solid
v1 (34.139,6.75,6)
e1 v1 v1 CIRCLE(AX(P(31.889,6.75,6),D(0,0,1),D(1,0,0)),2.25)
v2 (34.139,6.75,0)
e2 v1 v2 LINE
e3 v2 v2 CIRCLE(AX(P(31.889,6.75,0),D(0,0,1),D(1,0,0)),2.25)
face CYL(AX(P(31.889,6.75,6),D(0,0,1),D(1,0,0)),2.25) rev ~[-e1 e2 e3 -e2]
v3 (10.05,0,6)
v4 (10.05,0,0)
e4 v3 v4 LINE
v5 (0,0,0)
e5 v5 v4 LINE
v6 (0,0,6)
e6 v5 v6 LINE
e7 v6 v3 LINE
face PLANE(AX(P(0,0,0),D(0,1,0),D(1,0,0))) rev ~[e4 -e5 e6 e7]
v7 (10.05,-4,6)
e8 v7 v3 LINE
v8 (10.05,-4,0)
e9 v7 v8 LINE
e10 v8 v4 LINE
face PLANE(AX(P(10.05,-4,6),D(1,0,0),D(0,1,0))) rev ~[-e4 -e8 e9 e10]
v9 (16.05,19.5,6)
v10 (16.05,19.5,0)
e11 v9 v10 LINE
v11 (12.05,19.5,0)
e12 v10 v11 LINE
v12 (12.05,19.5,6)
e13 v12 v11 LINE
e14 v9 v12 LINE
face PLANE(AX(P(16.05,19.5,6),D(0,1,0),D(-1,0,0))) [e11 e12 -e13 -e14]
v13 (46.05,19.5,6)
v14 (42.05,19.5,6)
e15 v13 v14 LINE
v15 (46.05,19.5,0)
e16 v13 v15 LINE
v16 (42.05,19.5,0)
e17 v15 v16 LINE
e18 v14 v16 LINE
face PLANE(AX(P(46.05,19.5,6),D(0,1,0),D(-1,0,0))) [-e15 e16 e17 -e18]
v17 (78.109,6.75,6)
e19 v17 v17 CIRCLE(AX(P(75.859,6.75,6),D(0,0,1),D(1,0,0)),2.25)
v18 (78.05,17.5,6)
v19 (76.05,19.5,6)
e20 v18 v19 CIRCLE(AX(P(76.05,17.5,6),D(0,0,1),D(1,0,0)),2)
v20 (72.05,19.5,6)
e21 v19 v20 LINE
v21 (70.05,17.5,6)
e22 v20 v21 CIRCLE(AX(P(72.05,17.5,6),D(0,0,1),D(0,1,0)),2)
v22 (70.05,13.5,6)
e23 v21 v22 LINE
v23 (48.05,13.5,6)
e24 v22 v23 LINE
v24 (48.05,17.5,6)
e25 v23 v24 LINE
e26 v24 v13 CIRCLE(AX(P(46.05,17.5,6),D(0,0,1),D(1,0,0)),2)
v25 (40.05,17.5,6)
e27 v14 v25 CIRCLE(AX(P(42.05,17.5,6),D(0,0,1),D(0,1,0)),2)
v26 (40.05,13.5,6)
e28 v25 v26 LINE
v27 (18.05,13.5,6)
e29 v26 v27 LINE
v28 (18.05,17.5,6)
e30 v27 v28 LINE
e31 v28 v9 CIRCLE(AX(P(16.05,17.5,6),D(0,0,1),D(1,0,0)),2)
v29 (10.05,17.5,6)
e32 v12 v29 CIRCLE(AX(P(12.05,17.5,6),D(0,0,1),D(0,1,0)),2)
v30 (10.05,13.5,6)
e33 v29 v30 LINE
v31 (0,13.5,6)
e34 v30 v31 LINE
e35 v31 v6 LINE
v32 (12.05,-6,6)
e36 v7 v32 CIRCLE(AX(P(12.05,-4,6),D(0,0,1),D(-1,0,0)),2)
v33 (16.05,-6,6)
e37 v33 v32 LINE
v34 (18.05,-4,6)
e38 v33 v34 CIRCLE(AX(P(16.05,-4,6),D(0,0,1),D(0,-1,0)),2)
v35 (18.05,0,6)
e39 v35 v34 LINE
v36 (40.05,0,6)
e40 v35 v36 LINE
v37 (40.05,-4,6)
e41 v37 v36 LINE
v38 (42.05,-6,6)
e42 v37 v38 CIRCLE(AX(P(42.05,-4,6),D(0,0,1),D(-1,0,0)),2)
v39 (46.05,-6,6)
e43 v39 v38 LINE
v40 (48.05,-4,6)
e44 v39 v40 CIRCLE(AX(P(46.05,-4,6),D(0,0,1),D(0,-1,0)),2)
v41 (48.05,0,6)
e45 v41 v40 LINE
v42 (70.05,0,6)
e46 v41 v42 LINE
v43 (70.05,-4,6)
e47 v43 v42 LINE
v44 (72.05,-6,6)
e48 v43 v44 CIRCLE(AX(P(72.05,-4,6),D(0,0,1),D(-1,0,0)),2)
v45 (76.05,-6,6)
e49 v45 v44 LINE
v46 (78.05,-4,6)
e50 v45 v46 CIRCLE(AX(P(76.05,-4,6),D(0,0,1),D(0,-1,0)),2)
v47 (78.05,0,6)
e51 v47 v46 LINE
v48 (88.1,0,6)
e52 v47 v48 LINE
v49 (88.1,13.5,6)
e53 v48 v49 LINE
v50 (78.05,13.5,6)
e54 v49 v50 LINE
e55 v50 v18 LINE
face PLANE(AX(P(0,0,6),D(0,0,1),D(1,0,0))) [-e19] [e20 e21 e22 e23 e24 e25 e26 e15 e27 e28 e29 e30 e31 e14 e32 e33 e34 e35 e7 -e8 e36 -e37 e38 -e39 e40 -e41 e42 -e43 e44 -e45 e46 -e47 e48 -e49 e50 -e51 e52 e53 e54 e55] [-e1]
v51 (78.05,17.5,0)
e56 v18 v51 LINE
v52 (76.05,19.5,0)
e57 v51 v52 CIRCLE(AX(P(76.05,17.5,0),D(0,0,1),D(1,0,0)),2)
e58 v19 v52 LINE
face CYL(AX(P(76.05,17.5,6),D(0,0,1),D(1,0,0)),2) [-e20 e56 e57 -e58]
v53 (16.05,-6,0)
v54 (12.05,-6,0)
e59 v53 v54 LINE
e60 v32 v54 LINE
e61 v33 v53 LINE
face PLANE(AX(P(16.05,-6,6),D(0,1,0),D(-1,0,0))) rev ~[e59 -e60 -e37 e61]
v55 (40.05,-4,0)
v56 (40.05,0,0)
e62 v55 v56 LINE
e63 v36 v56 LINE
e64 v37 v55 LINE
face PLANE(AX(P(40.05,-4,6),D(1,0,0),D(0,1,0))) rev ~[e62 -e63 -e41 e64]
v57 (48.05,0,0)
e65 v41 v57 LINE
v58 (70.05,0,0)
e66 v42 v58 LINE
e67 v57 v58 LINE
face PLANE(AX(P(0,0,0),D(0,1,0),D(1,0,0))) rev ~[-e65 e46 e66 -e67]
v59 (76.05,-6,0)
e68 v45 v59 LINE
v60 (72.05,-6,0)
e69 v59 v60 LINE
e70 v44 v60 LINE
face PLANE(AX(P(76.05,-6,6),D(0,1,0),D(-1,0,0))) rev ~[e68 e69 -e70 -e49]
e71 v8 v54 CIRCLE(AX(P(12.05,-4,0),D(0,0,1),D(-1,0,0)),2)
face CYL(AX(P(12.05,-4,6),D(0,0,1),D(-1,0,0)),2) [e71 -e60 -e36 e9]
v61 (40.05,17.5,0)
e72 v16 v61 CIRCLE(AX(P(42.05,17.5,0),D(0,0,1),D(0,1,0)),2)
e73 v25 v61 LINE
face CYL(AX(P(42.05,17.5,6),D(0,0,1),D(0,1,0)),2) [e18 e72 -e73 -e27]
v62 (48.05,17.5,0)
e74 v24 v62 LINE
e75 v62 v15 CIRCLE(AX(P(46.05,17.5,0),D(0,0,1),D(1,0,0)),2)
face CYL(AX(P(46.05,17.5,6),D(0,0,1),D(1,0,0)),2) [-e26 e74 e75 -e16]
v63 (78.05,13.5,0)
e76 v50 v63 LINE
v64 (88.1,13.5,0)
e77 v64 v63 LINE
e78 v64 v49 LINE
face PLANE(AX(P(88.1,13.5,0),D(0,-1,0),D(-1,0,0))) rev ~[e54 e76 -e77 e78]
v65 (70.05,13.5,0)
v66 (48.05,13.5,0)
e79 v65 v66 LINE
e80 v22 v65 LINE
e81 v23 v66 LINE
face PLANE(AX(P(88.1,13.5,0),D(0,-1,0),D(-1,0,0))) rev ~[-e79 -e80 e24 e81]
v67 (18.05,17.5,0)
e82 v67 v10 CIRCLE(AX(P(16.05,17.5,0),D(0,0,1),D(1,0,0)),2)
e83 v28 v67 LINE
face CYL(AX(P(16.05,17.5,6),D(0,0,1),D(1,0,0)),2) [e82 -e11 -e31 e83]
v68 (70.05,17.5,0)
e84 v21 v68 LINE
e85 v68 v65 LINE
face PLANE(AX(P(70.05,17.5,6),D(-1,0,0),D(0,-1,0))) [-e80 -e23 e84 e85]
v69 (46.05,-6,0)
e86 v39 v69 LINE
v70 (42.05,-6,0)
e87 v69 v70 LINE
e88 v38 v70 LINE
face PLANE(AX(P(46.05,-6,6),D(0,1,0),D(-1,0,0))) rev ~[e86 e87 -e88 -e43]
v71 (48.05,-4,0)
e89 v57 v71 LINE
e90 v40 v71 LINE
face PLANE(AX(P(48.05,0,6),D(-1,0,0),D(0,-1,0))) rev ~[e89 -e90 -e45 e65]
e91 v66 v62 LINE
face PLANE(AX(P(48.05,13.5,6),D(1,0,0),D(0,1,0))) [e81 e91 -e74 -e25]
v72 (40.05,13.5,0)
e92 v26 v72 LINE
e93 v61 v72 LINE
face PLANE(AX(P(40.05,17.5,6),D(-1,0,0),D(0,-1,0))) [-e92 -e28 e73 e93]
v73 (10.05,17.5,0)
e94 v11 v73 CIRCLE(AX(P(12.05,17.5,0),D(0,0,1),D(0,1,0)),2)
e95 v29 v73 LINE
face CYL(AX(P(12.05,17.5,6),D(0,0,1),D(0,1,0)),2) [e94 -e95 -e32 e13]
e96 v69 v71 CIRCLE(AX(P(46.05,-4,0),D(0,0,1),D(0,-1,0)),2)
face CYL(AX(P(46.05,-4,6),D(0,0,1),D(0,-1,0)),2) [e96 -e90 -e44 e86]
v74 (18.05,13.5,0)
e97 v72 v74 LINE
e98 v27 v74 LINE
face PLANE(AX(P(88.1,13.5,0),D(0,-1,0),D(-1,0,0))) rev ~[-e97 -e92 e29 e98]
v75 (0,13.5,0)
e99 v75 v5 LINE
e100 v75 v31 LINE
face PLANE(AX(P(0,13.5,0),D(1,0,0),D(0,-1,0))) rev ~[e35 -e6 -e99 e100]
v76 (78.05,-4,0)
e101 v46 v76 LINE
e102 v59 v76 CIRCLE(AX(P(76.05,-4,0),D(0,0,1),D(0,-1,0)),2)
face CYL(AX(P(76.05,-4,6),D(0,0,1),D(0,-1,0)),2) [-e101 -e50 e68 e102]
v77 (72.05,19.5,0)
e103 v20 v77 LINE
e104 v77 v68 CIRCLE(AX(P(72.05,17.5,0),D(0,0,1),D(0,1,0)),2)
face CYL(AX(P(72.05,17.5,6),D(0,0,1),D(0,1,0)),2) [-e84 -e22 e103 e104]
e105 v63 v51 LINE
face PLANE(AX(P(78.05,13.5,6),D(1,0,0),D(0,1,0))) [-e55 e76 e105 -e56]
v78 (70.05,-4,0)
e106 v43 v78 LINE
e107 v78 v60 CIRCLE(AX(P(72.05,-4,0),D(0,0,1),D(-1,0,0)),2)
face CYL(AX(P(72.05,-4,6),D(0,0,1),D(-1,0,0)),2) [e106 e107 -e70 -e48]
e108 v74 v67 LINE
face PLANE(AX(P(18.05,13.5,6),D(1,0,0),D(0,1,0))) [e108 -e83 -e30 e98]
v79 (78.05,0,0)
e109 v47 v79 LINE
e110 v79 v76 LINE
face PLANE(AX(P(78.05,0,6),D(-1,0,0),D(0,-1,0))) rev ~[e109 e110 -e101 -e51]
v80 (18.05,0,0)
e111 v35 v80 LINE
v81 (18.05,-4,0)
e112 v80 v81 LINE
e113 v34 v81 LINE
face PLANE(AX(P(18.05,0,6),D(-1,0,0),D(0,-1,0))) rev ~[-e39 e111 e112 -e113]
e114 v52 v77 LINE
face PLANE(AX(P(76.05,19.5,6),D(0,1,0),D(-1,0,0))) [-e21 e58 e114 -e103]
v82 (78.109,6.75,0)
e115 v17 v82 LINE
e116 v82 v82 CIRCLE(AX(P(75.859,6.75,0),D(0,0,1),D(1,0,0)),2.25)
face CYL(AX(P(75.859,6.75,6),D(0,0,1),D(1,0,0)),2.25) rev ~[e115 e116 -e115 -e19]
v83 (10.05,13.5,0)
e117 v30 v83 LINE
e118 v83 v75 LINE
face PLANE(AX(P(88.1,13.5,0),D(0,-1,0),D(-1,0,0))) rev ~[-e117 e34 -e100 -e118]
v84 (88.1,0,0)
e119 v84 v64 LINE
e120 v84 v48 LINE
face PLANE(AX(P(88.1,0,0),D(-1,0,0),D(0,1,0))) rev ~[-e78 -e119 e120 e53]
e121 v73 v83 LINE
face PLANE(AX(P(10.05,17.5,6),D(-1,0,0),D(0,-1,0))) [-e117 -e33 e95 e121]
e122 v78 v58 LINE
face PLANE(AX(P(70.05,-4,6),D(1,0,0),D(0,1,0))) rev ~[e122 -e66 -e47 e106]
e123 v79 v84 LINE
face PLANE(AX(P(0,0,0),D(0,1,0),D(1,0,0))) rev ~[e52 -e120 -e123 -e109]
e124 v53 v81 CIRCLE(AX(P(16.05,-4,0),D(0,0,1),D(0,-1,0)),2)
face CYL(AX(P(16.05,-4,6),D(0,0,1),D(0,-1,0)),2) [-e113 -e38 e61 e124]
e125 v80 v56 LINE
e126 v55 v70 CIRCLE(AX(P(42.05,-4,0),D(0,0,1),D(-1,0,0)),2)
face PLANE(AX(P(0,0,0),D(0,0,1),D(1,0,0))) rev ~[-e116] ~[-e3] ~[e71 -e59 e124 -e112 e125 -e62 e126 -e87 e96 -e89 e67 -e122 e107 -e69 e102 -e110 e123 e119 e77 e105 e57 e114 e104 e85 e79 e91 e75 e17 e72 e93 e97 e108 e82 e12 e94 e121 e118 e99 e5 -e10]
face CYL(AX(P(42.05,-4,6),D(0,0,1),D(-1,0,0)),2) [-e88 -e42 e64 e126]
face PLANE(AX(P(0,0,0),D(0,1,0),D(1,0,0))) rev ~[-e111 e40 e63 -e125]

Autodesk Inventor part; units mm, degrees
ref_plane "YZ Plane" through (0, 0, 0) normal (1, 0, 0) x (0, 1, 0)
ref_plane "XZ Plane" through (0, 0, 0) normal (0, 1, 0) x (-1, 0, 0)
ref_plane "XY Plane" through (0, 0, 0) normal (0, 0, 1) x (1, 0, 0)
sketch "Sketch1" plane through (0, 0, 0) normal (0, 0, 1) x (1, 0, 0)
  line L0 (0, 0) -> (88.1, 0)
  line L1 (88.1, 0) -> (88.1, 13.5)
  line L2 (88.1, 13.5) -> (0, 13.5)
  line L3 (0, 13.5) -> (0, 0)
  dimension "d0" = 88.1
  dimension "d1" = 13.5
extrude "Extrusion1" add sketch "Sketch1" along normal blind 6
sketch "Sketch2" plane through (0, 0, 6) normal (0, 0, 1) x (1, 0, 0)
  line L0 (0, 0) -> (88.1, 0) projected
  line L1 (88.1, 13.5) -> (0, 13.5) projected
  line L2 (40.05, 13.5) -> (48.05, 13.5)
  line L3 (48.05, 13.5) -> (48.05, 17.5)
  line L4 (46.05, 19.5) -> (42.05, 19.5)
  line L5 (40.05, 17.5) -> (40.05, 13.5)
  line L6 (70.05, 13.5) -> (78.05, 13.5)
  line L7 (78.05, 13.5) -> (78.05, 17.5)
  line L8 (76.05, 19.5) -> (72.05, 19.5)
  line L9 (70.05, 17.5) -> (70.05, 13.5)
  line L10 (10.05, 13.5) -> (18.05, 13.5)
  line L11 (18.05, 13.5) -> (18.05, 17.5)
  line L12 (16.05, 19.5) -> (12.05, 19.5)
  line L13 (10.05, 17.5) -> (10.05, 13.5)
  line L14 (10.05, 0) -> (18.05, 0)
  line L15 (18.05, 0) -> (18.05, -4)
  line L16 (16.05, -6) -> (12.05, -6)
  line L17 (10.05, -4) -> (10.05, 0)
  line L18 (40.05, 0) -> (48.05, 0)
  line L19 (48.05, 0) -> (48.05, -4)
  line L20 (46.05, -6) -> (42.05, -6)
  line L21 (40.05, -4) -> (40.05, 0)
  line L22 (70.05, 0) -> (78.05, 0)
  line L23 (78.05, 0) -> (78.05, -4)
  line L24 (76.05, -6) -> (72.05, -6)
  line L25 (70.05, -4) -> (70.05, 0)
  arc A0 (12.05, 19.5) -> (10.05, 17.5) centre (12.05, 17.5) ccw
  arc A1 (18.05, 17.5) -> (16.05, 19.5) centre (16.05, 17.5) ccw
  arc A2 (42.05, 19.5) -> (40.05, 17.5) centre (42.05, 17.5) ccw
  arc A3 (48.05, 17.5) -> (46.05, 19.5) centre (46.05, 17.5) ccw
  arc A4 (72.05, 19.5) -> (70.05, 17.5) centre (72.05, 17.5) ccw
  arc A5 (78.05, 17.5) -> (76.05, 19.5) centre (76.05, 17.5) ccw
  arc A6 (70.05, -4) -> (72.05, -6) centre (72.05, -4) ccw
  arc A7 (76.05, -6) -> (78.05, -4) centre (76.05, -4) ccw
  arc A8 (40.05, -4) -> (42.05, -6) centre (42.05, -4) ccw
  arc A9 (46.05, -6) -> (48.05, -4) centre (46.05, -4) ccw
  arc A10 (16.05, -6) -> (18.05, -4) centre (16.05, -4) ccw
  arc A11 (10.05, -4) -> (12.05, -6) centre (12.05, -4) ccw
  line L26 (88.1, 13.5) -> (0, 13.5) projected
  line L27 (18.05, 15.5) -> (40.05, 15.5) construction
  line L28 (48.05, 15.5) -> (70.05, 15.5) construction
  point P0 (44.05, 19.5)
  point P1 (44.05, 13.5)
  dimension "d4" = 2
  dimension "d5" = 8
  dimension "d6" = 8
  dimension "d7" = 8
  dimension "d8" = 6
  dimension "d9" = 6
  dimension "d10" = 22
extrude "Extrusion2" add sketch "Sketch2" against normal blind 6
sketch "Sketch3" plane through (0, 0, 6) normal (0, 0, 1) x (1, 0, 0)
  line L0 (0, 13.5) -> (0, 0) projected
  circle A0 centre (31.889, 6.75) radius 2.25
  circle A1 centre (75.859, 6.75) radius 2.25
  point P0 (0, 6.75)
  dimension "d13" = 31.889
  dimension "d14" = 75.859
  dimension "d15" = 4.5
extrude "Extrusion3" cut sketch "Sketch3" against normal through all
properties part number "rope_mount_holder"
